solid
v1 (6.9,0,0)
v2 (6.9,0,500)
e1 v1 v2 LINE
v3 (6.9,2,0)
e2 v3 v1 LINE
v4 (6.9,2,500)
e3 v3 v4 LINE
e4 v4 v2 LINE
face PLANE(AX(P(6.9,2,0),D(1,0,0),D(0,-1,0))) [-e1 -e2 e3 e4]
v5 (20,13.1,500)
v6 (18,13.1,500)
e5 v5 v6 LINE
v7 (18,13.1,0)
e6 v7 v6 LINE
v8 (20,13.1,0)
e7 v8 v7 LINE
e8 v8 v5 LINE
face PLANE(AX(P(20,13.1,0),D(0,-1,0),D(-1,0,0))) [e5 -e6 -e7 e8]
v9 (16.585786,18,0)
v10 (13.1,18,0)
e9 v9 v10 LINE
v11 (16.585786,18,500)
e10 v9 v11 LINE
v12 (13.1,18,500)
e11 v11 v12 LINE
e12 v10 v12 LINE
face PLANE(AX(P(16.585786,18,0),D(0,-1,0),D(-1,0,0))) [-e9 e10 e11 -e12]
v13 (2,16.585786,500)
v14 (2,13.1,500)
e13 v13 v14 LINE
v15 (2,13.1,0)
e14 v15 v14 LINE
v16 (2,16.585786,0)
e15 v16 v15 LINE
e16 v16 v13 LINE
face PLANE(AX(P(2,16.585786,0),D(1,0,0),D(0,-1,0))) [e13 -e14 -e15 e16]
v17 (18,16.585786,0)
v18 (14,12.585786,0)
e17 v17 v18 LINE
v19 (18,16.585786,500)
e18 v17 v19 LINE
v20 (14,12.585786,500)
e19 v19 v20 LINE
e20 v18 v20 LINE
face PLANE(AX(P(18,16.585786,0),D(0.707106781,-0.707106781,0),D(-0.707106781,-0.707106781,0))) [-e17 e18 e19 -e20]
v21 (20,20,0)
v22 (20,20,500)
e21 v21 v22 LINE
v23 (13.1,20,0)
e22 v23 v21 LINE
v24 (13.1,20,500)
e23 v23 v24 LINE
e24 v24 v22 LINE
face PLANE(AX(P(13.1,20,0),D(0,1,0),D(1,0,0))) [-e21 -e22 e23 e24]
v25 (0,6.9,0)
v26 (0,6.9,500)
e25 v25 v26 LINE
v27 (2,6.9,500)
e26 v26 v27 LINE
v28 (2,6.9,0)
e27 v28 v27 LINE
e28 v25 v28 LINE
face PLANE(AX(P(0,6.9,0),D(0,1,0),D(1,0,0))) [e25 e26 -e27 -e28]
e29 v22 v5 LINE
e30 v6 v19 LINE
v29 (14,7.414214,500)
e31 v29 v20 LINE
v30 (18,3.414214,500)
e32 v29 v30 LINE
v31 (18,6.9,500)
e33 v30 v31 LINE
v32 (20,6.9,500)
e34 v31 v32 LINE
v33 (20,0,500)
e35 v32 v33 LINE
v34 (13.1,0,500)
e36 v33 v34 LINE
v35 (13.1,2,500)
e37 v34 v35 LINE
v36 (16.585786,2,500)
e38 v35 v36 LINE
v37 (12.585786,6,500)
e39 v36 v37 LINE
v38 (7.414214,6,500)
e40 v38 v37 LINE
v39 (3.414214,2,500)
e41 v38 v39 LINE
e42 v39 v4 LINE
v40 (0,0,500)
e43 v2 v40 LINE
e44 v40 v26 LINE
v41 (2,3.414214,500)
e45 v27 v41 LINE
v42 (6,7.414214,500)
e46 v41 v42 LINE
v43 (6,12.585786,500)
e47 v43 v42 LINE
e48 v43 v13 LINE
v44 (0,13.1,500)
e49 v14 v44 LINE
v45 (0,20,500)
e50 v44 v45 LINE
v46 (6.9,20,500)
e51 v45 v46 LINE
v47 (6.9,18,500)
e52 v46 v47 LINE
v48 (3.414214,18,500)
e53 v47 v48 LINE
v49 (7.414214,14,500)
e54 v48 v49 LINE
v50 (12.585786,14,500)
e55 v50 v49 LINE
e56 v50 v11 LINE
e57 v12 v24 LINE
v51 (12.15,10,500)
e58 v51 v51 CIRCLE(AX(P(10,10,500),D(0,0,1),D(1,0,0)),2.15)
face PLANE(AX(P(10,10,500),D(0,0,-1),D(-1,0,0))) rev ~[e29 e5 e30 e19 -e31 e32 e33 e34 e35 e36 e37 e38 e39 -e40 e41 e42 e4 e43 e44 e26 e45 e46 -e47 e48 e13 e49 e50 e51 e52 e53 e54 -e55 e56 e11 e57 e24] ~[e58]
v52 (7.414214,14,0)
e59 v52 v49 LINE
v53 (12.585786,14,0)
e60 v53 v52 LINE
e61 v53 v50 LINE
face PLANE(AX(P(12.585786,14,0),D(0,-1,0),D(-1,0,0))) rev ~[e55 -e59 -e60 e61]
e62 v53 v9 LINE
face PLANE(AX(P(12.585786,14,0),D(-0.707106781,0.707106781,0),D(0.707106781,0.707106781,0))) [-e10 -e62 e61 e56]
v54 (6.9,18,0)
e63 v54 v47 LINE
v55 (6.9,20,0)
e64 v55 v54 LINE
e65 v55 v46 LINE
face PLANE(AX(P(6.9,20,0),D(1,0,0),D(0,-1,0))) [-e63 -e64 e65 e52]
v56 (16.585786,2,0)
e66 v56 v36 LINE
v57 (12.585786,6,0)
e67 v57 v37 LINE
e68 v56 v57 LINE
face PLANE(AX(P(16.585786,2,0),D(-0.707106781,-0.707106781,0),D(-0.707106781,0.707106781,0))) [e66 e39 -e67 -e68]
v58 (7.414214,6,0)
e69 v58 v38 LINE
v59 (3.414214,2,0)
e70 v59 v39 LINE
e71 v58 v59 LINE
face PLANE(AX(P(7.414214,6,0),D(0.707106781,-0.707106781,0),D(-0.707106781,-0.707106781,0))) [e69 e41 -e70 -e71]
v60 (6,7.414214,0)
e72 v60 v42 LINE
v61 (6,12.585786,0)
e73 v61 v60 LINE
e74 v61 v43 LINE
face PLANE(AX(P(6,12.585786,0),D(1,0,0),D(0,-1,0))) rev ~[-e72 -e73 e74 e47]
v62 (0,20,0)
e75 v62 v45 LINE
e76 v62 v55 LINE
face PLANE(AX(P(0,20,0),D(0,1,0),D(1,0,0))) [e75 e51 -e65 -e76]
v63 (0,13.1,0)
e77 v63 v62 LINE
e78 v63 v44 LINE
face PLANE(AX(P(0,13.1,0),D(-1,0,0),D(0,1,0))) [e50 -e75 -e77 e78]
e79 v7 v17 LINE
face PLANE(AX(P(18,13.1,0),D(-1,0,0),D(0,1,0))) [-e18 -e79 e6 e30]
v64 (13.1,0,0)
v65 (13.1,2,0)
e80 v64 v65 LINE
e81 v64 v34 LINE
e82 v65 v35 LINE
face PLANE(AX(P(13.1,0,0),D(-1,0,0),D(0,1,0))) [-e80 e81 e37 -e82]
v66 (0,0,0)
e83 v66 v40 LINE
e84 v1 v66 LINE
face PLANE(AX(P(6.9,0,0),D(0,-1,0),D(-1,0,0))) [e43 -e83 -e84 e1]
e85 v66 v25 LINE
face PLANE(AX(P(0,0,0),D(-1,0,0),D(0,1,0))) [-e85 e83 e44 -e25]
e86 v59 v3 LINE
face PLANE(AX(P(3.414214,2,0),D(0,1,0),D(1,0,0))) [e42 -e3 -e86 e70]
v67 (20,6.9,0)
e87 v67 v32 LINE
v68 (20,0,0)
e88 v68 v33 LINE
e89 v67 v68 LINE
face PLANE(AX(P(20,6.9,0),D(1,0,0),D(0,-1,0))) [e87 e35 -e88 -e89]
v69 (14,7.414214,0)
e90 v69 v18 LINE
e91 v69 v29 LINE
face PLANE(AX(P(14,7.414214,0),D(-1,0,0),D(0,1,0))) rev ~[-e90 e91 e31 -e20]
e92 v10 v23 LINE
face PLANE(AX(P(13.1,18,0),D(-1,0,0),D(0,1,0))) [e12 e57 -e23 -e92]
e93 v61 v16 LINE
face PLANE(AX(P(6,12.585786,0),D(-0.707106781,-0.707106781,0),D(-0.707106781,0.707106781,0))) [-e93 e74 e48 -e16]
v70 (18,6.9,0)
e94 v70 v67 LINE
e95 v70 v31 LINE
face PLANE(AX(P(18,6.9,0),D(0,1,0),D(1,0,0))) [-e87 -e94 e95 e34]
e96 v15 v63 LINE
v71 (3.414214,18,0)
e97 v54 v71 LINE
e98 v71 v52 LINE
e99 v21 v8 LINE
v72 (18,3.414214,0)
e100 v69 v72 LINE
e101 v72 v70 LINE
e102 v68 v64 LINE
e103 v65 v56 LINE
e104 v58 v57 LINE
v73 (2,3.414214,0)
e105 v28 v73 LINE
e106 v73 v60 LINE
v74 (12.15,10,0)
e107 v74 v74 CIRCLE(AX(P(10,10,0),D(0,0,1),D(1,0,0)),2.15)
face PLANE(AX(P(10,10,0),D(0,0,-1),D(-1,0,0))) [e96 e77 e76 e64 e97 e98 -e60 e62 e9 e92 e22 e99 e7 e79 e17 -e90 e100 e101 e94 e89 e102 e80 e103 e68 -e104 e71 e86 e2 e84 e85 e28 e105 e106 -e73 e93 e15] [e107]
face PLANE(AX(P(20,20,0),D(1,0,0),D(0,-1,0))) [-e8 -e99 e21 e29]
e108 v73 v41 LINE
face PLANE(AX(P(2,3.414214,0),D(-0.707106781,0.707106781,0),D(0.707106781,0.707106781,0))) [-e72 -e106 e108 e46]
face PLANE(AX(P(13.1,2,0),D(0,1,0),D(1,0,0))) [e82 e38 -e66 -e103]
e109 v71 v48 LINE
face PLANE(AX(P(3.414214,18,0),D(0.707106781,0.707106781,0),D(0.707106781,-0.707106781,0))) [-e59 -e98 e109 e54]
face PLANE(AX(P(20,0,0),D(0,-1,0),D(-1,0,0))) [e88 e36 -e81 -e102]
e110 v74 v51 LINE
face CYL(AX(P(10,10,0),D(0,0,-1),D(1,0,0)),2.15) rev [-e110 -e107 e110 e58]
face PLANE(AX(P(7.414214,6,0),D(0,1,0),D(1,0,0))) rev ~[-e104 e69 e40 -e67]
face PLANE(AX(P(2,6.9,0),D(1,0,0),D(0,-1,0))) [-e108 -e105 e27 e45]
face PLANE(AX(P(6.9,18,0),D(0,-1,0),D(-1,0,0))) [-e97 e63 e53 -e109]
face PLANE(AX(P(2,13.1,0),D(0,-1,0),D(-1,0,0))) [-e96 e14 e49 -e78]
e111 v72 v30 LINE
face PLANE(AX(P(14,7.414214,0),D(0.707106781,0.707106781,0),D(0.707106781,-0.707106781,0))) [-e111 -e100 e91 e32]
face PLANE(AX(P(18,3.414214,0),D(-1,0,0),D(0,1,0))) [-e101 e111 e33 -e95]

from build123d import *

# Parameters (mm, degrees)
ESQUISSE1_R        = 2.15
BOSS_EXTRU_1_DEPTH = 500


with BuildPart() as part:
    # Esquisse1 → Boss.-Extru.1 (new body)
    with BuildSketch(Plane.XY):
        Polygon((20, 13.1), (18, 13.1), (18, 16.585786438), (14, 12.585786438), (14, 10), (14, 7.414213562), (18, 3.414213562), (18, 6.9), (20, 6.9), (20, 0), (13.1, 0), (13.1, 2), (16.585786438, 2), (12.585786438, 6), (10, 6), (7.414213562, 6), (3.414213562, 2), (6.9, 2), (6.9, 0), (0, 0), (0, 6.9), (2, 6.9), (2, 3.414213562), (6, 7.414213562), (6, 10), (6, 12.585786438), (2, 16.585786438), (2, 13.1), (0, 13.1), (0, 20), (6.9, 20), (6.9, 18), (3.414213562, 18), (7.414213562, 14), (10, 14), (12.585786438, 14), (16.585786438, 18), (13.1, 18), (13.1, 20), (20, 20), align=None)
        with Locations((10, 10)):
            Circle(ESQUISSE1_R, mode=Mode.SUBTRACT)
    extrude(amount=BOSS_EXTRU_1_DEPTH)


solid = part.part
